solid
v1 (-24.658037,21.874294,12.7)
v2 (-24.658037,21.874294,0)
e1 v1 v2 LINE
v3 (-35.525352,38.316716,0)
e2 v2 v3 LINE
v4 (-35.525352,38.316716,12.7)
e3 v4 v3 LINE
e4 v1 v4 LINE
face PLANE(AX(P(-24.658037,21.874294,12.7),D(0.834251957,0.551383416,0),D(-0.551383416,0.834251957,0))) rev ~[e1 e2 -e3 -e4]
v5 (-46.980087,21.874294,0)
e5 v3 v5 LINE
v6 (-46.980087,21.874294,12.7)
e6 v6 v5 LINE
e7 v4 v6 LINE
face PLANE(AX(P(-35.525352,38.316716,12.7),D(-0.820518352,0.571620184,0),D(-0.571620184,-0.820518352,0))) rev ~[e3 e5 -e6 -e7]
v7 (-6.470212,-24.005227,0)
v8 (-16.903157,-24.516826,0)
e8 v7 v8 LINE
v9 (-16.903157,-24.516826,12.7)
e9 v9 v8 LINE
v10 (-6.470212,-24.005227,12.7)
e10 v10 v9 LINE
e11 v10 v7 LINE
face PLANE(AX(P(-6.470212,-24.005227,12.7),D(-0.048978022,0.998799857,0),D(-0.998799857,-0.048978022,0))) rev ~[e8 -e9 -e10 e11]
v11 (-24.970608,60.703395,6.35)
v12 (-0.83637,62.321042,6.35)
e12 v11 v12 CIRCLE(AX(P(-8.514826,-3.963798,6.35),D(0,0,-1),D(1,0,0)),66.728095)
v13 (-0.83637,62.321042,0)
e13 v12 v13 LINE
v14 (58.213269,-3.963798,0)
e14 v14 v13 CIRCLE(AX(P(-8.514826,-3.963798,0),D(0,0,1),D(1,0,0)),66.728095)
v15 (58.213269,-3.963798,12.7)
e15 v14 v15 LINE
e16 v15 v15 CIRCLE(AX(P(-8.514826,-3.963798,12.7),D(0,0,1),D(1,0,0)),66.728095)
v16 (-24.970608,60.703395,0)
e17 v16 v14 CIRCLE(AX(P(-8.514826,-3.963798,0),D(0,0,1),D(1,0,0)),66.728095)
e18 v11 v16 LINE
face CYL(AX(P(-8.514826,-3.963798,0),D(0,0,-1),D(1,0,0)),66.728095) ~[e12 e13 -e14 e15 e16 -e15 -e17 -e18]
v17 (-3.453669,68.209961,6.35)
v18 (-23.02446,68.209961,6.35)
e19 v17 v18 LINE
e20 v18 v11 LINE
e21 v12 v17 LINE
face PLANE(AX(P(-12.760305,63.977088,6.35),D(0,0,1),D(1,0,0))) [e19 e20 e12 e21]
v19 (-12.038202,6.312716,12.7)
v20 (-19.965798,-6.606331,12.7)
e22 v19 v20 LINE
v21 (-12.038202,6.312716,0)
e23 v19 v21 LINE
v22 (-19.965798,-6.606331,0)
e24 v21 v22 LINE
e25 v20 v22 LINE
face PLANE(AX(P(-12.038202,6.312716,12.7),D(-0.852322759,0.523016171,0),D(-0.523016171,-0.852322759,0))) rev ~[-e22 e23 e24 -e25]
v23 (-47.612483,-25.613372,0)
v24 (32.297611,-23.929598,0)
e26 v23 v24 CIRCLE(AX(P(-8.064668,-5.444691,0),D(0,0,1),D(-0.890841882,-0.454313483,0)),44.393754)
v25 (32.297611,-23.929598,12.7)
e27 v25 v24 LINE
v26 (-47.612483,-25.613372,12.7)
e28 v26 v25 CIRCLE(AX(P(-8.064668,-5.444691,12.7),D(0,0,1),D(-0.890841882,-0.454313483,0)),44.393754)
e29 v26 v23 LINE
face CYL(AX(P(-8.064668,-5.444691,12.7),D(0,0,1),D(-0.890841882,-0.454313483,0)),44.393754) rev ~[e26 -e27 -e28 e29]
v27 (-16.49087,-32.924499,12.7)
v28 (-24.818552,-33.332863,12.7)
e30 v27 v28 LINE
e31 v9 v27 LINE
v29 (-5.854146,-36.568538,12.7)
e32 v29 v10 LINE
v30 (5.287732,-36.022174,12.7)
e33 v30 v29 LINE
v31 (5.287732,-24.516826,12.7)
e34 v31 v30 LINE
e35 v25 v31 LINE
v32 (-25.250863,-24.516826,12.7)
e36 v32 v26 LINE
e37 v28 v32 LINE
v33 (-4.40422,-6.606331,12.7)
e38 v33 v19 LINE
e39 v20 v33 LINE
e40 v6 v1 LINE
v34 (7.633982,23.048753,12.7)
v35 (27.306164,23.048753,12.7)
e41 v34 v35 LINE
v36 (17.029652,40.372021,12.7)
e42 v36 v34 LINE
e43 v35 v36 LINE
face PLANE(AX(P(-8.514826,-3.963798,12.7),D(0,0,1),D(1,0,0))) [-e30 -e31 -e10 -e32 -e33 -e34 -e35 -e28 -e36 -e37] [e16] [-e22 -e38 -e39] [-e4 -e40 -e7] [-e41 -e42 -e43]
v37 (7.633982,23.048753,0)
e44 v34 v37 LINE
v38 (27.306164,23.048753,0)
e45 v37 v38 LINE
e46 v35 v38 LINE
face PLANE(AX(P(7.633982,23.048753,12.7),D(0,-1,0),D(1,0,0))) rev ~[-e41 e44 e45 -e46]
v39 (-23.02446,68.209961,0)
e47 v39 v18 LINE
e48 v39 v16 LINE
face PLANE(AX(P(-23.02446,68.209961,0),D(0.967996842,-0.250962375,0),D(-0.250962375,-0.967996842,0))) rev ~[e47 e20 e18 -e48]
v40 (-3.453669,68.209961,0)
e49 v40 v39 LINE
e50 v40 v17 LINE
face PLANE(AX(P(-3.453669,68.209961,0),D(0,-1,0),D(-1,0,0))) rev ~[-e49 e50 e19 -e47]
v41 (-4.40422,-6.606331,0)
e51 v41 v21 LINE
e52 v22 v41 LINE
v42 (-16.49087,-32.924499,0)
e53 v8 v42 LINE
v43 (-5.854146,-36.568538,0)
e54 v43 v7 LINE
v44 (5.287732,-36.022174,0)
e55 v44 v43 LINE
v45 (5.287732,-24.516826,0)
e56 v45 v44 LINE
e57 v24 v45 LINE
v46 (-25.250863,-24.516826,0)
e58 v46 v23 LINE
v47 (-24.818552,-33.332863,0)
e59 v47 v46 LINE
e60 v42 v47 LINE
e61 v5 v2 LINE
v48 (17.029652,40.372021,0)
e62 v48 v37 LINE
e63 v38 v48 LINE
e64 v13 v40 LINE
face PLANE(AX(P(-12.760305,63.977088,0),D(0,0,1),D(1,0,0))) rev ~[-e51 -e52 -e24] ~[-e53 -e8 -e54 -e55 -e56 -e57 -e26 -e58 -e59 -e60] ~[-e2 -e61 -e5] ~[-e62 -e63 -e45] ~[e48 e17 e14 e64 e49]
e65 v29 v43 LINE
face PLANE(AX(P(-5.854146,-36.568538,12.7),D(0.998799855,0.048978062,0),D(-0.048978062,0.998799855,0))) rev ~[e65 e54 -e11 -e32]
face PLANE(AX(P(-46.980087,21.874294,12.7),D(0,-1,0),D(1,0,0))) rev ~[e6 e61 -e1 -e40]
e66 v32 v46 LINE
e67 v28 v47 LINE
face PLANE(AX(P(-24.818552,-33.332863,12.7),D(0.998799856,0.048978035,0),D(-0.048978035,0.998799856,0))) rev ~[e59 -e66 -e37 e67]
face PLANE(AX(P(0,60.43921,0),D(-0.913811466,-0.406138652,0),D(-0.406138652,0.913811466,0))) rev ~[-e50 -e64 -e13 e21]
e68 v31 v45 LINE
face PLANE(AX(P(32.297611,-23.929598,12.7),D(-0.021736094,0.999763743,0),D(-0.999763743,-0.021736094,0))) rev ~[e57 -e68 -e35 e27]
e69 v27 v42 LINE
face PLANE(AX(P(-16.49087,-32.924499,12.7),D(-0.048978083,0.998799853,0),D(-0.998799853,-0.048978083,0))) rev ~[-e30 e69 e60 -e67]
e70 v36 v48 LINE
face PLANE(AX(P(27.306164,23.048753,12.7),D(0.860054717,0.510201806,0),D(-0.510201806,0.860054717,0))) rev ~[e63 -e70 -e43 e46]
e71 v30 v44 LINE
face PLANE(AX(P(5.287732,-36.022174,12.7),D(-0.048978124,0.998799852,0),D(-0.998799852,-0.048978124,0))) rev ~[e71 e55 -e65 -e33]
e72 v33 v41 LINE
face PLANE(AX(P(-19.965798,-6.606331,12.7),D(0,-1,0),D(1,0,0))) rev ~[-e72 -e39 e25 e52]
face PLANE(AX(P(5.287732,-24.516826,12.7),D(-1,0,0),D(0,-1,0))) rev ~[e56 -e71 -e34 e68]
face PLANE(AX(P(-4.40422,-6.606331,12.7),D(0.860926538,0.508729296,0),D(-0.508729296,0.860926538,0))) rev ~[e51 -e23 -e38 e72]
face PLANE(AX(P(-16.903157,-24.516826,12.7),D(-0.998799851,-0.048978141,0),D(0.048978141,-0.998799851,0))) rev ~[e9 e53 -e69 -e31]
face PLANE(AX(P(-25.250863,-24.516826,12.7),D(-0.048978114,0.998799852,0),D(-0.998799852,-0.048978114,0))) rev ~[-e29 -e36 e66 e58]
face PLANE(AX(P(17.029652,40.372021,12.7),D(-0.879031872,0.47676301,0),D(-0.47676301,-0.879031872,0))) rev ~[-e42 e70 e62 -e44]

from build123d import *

# Parameters (mm, degrees)
F0_R      = 66.728095
F1_DEPTH  = 12.7
F3_DEPTH  = 25.4
F5_DEPTH  = 25.4
F7_DEPTH  = 12.7
F9_DEPTH  = 25.4
F11_DEPTH = 6.35


with BuildPart() as f1:
    # F0 (on Top) → F1 (new body)
    with BuildSketch(Plane.XY):
        with Locations((-8.514826, -3.963798)):
            Circle(F0_R)
    extrude(amount=F1_DEPTH)

    # F2 (on face) → F3 (cut)
    with BuildSketch(Plane.XY.offset(12.7)):
        Polygon((-24.658037, 21.874294), (-35.525352, 38.316716), (-46.980087, 21.874294), align=None)
    extrude(amount=-F3_DEPTH, mode=Mode.SUBTRACT)

    # F4 (on face) → F5 (cut)
    with BuildSketch(Plane.XY.offset(12.7)):
        Polygon((27.306164, 23.048753), (17.029652, 40.372021), (7.633982, 23.048753), align=None)
    extrude(amount=-F5_DEPTH, mode=Mode.SUBTRACT)

    # F6 (on face) → F7 (cut)
    with BuildSketch(Plane.XY.offset(12.7)):
        with BuildLine():
            Line((-25.250863, -24.516826), (-47.612483, -25.613372))
            ThreePointArc((-47.612483, -25.613372), (-7.129461, -49.828593), (32.297611, -23.929598))
            Line((32.297611, -23.929598), (5.287732, -24.516826))
            Line((5.287732, -24.516826), (5.287732, -36.022174))
            Line((5.287732, -36.022174), (-5.854146, -36.568538))
            Line((-5.854146, -36.568538), (-6.470212, -24.005227))
            Line((-6.470212, -24.005227), (-16.903157, -24.516826))
            Line((-16.903157, -24.516826), (-16.49087, -32.924499))
            Line((-16.49087, -32.924499), (-24.818552, -33.332863))
            Line((-24.818552, -33.332863), (-25.250863, -24.516826))
        make_face()
    extrude(amount=-F7_DEPTH, mode=Mode.SUBTRACT)

    # F8 (on face) → F9 (cut)
    with BuildSketch(Plane.XY.offset(12.7)):
        Polygon((-4.40422, -6.606331), (-12.038202, 6.312716), (-19.965798, -6.606331), align=None)
    extrude(amount=-F9_DEPTH, mode=Mode.SUBTRACT)

    # F10 (on Top) → F11 (join)
    with BuildSketch(Plane.XY):
        Polygon((-23.02446, 68.209961), (-25.039101, 60.43921), (0, 60.43921), (-3.453669, 68.209961), align=None)
    extrude(amount=F11_DEPTH)


solid = f1.part
